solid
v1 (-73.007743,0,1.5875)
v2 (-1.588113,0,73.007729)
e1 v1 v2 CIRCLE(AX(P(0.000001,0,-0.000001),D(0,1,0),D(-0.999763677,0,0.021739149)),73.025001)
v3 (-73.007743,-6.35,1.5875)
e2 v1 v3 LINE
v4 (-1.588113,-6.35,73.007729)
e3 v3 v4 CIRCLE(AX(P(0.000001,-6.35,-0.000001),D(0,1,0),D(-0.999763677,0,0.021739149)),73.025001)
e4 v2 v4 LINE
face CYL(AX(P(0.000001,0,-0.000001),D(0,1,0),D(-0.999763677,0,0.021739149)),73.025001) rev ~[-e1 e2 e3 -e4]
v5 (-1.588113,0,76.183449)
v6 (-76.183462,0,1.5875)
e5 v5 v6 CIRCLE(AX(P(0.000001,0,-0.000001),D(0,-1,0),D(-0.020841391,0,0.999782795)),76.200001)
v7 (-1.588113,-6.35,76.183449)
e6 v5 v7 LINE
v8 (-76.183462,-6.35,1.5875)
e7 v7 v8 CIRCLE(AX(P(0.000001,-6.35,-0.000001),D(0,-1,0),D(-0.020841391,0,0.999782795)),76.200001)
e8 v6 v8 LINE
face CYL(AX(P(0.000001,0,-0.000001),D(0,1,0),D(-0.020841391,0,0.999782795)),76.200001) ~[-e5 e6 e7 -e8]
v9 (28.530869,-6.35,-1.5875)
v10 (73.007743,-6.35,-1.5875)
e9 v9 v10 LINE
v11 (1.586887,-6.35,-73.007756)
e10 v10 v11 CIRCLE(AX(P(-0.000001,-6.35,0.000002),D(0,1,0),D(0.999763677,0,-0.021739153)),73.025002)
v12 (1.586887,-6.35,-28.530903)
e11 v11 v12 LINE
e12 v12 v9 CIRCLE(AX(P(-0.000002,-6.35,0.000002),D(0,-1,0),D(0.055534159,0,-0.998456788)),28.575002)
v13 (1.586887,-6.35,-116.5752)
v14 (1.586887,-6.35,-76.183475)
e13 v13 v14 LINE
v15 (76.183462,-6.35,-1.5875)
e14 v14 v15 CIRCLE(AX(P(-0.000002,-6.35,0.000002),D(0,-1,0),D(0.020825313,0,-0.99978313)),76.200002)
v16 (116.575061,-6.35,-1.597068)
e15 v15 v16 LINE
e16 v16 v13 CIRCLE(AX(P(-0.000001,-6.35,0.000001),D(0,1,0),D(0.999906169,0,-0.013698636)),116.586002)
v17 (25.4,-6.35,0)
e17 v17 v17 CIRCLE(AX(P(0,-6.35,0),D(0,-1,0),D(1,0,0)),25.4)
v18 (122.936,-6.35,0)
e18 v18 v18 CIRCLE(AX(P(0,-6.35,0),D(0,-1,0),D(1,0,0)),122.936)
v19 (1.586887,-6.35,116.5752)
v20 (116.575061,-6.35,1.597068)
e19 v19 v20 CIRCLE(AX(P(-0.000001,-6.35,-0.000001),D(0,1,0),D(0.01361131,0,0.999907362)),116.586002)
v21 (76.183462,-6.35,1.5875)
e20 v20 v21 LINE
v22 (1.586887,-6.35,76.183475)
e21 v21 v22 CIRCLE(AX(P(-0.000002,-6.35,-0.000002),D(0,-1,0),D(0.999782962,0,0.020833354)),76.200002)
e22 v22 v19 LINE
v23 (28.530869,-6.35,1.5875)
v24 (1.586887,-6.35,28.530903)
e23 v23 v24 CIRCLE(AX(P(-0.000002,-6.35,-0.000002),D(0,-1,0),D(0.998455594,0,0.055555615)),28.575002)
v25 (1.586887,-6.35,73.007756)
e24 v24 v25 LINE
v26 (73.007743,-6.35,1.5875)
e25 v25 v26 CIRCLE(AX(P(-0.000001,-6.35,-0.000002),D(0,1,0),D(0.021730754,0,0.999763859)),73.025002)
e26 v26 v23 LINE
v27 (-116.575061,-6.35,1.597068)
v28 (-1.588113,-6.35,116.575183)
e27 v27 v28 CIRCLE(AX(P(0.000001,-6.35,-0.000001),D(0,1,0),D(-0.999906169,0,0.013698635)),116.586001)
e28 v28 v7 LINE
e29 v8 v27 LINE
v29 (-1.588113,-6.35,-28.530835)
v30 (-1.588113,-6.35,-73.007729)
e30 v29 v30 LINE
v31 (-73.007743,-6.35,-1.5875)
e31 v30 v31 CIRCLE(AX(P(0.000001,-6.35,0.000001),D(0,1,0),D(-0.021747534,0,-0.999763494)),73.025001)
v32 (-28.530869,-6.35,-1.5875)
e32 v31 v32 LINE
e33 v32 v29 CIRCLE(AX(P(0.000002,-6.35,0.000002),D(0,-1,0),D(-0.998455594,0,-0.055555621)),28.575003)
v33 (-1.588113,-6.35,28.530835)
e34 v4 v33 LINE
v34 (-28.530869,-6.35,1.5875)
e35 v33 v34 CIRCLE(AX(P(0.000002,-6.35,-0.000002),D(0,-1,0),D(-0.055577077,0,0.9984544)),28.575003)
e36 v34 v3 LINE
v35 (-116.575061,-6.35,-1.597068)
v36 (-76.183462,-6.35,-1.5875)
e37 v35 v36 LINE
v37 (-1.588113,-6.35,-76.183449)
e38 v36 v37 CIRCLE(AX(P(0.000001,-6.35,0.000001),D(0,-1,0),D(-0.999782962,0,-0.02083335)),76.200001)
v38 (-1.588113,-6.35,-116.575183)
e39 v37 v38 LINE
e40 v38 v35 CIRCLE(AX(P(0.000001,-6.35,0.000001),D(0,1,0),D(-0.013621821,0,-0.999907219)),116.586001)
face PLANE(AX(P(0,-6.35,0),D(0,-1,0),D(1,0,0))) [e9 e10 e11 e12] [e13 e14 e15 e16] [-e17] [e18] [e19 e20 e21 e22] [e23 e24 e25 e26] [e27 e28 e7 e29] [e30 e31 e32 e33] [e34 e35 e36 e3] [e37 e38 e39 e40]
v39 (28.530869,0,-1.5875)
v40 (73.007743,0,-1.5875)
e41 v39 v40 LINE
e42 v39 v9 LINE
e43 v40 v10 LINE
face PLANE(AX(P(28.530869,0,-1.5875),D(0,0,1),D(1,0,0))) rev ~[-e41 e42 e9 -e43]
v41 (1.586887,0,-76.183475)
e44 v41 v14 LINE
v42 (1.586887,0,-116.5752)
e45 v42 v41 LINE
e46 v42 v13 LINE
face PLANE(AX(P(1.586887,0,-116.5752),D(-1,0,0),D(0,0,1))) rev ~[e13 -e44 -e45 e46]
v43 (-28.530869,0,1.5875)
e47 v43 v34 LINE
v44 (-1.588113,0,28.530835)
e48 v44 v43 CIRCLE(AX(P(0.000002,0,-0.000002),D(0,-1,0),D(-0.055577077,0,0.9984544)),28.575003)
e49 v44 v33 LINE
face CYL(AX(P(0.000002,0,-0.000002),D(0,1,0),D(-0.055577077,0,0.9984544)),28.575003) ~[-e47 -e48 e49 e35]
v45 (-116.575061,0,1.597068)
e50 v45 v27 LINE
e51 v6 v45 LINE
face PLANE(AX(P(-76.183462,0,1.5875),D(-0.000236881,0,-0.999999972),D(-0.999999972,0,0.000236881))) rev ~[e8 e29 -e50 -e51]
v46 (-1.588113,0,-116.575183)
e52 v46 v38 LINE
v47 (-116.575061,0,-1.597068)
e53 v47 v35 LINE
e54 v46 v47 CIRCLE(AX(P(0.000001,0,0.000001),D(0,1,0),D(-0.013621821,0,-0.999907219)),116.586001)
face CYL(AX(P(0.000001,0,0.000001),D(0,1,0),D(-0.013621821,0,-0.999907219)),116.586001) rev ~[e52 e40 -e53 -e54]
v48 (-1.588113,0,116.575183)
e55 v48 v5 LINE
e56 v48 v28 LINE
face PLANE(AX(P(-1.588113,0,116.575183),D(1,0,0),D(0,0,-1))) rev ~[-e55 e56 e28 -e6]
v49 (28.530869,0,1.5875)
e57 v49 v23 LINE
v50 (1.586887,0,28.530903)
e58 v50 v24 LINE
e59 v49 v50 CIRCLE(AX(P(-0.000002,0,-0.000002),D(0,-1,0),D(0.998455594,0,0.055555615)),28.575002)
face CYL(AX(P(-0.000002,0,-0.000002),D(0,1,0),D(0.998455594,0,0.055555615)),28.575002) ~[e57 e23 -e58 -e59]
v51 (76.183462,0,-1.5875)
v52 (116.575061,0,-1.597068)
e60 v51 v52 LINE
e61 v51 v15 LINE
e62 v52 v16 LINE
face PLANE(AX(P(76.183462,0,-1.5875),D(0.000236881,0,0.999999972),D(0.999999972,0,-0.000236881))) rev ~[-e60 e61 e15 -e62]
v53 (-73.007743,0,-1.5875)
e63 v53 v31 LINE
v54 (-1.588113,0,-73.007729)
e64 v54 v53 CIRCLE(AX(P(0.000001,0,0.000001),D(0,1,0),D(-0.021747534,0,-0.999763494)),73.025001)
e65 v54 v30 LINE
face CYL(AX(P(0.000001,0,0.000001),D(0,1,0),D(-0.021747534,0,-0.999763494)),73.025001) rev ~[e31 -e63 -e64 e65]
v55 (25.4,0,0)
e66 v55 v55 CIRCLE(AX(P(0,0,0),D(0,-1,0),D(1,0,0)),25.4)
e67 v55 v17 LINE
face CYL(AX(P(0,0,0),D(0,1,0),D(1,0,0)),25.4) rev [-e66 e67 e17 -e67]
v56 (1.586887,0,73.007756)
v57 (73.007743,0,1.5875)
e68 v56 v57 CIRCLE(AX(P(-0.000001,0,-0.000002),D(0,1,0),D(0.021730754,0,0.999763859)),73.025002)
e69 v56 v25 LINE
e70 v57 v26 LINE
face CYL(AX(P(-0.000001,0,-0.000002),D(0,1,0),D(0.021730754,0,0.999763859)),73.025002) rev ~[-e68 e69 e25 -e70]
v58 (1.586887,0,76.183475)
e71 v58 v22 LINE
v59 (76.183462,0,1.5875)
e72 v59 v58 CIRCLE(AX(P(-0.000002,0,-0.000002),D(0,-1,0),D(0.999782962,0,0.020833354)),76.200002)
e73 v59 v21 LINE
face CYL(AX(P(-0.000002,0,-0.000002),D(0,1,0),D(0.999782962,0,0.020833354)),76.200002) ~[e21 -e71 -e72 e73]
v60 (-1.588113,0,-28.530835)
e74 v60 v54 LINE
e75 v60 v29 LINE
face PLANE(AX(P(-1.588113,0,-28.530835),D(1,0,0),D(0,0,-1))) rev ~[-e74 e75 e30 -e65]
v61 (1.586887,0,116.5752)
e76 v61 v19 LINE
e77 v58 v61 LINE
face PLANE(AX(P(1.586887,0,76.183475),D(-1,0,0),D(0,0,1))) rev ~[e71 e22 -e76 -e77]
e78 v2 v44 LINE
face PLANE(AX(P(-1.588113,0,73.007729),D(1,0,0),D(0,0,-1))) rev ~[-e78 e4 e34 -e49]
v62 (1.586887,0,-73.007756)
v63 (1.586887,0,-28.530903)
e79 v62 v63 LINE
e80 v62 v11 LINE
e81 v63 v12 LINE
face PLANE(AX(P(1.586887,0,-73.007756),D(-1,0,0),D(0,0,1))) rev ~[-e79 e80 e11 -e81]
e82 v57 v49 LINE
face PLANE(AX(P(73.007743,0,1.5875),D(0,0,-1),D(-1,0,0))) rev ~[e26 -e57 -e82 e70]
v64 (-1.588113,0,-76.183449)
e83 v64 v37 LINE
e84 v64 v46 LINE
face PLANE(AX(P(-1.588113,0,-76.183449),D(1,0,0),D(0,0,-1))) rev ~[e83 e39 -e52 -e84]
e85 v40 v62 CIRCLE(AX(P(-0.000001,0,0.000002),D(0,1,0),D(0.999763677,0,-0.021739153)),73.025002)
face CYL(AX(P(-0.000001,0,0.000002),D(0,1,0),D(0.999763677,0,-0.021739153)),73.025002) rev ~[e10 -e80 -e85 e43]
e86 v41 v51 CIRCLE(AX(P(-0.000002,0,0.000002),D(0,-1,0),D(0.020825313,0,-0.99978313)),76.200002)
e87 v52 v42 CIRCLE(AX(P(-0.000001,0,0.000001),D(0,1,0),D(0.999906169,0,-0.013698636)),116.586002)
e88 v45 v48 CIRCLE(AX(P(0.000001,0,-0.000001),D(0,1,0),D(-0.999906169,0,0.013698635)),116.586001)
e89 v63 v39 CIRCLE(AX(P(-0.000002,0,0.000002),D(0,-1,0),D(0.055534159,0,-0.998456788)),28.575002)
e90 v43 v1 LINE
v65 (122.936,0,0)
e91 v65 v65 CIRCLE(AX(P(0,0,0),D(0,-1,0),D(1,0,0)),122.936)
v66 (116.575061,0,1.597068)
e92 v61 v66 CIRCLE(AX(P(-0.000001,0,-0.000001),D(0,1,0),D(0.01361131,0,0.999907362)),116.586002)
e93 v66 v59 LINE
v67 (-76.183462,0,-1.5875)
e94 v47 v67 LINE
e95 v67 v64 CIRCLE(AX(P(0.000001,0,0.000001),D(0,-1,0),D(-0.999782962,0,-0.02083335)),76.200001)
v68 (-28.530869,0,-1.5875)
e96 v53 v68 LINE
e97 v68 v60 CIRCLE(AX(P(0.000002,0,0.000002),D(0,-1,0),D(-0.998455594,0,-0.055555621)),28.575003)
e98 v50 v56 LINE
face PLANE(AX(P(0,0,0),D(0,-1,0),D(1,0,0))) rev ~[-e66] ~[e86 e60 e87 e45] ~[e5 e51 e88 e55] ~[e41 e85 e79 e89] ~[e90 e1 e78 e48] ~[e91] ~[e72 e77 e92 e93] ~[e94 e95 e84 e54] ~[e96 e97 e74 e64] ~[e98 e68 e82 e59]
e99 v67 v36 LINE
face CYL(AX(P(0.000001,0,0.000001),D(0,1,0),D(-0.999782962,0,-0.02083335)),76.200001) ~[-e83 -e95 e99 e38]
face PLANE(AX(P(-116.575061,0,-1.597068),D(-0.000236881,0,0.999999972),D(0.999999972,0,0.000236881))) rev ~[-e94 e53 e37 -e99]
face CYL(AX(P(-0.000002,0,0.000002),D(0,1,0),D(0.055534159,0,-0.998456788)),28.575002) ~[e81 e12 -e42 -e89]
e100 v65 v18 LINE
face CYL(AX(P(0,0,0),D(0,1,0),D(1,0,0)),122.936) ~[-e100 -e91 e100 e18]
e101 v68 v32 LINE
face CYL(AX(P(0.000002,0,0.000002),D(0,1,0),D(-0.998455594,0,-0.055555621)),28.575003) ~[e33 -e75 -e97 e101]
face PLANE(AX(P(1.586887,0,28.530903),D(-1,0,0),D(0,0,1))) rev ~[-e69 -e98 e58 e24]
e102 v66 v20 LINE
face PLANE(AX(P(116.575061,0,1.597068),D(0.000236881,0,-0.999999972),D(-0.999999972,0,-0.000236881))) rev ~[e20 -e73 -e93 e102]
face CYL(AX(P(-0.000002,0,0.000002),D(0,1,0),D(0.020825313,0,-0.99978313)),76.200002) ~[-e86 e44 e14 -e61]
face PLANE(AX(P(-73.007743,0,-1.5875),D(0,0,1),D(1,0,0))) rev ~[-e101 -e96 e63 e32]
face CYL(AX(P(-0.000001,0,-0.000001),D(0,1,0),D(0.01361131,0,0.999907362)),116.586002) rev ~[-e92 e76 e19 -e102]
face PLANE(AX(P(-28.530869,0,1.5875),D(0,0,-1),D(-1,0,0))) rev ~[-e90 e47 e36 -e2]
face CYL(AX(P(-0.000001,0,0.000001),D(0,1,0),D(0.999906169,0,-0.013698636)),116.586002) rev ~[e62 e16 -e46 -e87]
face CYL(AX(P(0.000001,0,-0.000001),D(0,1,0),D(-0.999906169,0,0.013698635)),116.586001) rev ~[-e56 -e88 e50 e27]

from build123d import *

# Parameters (mm, degrees)
F0_R     = 122.936
F0_R_2   = 25.4
F1_DEPTH = 6.35


with BuildPart() as f1:
    # F0 (on Front) → F1 (new body)
    with BuildSketch(Plane.XZ):
        Circle(F0_R)
        with BuildLine():
            ThreePointArc((-1.588113, -116.575183), (-82.435584, -82.441918), (-116.575061, -1.597068))
            Line((-116.575061, -1.597068), (-76.183462, -1.5875))
            ThreePointArc((-76.183462, -1.5875), (-53.881753, -53.88132), (-1.588113, -76.183449))
            Line((-1.588113, -76.183449), (-1.588113, -116.575183))
        make_face(mode=Mode.SUBTRACT)
        with BuildLine():
            ThreePointArc((-1.588113, -73.007729), (-51.636689, -51.636256), (-73.007743, -1.5875))
            Line((-73.007743, -1.5875), (-28.530869, -1.5875))
            ThreePointArc((-28.530869, -1.5875), (-20.205793, -20.205359), (-1.588113, -28.530835))
            Line((-1.588113, -28.530835), (-1.588113, -73.007729))
        make_face(mode=Mode.SUBTRACT)
        with BuildLine():
            ThreePointArc((116.575061, -1.597068), (82.435151, -82.442351), (1.586887, -116.5752))
            Line((1.586887, -116.5752), (1.586887, -76.183475))
            ThreePointArc((1.586887, -76.183475), (53.88132, -53.881753), (76.183462, -1.5875))
            Line((76.183462, -1.5875), (116.575061, -1.597068))
        make_face(mode=Mode.SUBTRACT)
        with BuildLine():
            Line((1.586887, -73.007756), (1.586887, -28.530903))
            ThreePointArc((1.586887, -28.530903), (20.205359, -20.205793), (28.530869, -1.5875))
            Line((28.530869, -1.5875), (73.007743, -1.5875))
            ThreePointArc((73.007743, -1.5875), (51.636256, -51.636689), (1.586887, -73.007756))
        make_face(mode=Mode.SUBTRACT)
        with BuildLine():
            ThreePointArc((-1.588113, 28.530835), (-20.205793, 20.205359), (-28.530869, 1.5875))
            Line((-28.530869, 1.5875), (-73.007743, 1.5875))
            ThreePointArc((-73.007743, 1.5875), (-51.636689, 51.636256), (-1.588113, 73.007729))
            Line((-1.588113, 73.007729), (-1.588113, 28.530835))
        make_face(mode=Mode.SUBTRACT)
        with BuildLine():
            ThreePointArc((-1.588113, 76.183449), (-53.881753, 53.88132), (-76.183462, 1.5875))
            Line((-76.183462, 1.5875), (-116.575061, 1.597068))
            ThreePointArc((-116.575061, 1.597068), (-82.435584, 82.441918), (-1.588113, 116.575183))
            Line((-1.588113, 116.575183), (-1.588113, 76.183449))
        make_face(mode=Mode.SUBTRACT)
        Circle(F0_R_2, mode=Mode.SUBTRACT)
        with BuildLine():
            ThreePointArc((28.530869, 1.5875), (20.205359, 20.205793), (1.586887, 28.530903))
            Line((1.586887, 28.530903), (1.586887, 73.007756))
            ThreePointArc((1.586887, 73.007756), (51.636256, 51.636689), (73.007743, 1.5875))
            Line((73.007743, 1.5875), (28.530869, 1.5875))
        make_face(mode=Mode.SUBTRACT)
        with BuildLine():
            Line((116.575061, 1.597068), (76.183462, 1.5875))
            ThreePointArc((76.183462, 1.5875), (53.88132, 53.881753), (1.586887, 76.183475))
            Line((1.586887, 76.183475), (1.586887, 116.5752))
            ThreePointArc((1.586887, 116.5752), (82.435151, 82.442351), (116.575061, 1.597068))
        make_face(mode=Mode.SUBTRACT)
    extrude(amount=F1_DEPTH)


solid = f1.part
